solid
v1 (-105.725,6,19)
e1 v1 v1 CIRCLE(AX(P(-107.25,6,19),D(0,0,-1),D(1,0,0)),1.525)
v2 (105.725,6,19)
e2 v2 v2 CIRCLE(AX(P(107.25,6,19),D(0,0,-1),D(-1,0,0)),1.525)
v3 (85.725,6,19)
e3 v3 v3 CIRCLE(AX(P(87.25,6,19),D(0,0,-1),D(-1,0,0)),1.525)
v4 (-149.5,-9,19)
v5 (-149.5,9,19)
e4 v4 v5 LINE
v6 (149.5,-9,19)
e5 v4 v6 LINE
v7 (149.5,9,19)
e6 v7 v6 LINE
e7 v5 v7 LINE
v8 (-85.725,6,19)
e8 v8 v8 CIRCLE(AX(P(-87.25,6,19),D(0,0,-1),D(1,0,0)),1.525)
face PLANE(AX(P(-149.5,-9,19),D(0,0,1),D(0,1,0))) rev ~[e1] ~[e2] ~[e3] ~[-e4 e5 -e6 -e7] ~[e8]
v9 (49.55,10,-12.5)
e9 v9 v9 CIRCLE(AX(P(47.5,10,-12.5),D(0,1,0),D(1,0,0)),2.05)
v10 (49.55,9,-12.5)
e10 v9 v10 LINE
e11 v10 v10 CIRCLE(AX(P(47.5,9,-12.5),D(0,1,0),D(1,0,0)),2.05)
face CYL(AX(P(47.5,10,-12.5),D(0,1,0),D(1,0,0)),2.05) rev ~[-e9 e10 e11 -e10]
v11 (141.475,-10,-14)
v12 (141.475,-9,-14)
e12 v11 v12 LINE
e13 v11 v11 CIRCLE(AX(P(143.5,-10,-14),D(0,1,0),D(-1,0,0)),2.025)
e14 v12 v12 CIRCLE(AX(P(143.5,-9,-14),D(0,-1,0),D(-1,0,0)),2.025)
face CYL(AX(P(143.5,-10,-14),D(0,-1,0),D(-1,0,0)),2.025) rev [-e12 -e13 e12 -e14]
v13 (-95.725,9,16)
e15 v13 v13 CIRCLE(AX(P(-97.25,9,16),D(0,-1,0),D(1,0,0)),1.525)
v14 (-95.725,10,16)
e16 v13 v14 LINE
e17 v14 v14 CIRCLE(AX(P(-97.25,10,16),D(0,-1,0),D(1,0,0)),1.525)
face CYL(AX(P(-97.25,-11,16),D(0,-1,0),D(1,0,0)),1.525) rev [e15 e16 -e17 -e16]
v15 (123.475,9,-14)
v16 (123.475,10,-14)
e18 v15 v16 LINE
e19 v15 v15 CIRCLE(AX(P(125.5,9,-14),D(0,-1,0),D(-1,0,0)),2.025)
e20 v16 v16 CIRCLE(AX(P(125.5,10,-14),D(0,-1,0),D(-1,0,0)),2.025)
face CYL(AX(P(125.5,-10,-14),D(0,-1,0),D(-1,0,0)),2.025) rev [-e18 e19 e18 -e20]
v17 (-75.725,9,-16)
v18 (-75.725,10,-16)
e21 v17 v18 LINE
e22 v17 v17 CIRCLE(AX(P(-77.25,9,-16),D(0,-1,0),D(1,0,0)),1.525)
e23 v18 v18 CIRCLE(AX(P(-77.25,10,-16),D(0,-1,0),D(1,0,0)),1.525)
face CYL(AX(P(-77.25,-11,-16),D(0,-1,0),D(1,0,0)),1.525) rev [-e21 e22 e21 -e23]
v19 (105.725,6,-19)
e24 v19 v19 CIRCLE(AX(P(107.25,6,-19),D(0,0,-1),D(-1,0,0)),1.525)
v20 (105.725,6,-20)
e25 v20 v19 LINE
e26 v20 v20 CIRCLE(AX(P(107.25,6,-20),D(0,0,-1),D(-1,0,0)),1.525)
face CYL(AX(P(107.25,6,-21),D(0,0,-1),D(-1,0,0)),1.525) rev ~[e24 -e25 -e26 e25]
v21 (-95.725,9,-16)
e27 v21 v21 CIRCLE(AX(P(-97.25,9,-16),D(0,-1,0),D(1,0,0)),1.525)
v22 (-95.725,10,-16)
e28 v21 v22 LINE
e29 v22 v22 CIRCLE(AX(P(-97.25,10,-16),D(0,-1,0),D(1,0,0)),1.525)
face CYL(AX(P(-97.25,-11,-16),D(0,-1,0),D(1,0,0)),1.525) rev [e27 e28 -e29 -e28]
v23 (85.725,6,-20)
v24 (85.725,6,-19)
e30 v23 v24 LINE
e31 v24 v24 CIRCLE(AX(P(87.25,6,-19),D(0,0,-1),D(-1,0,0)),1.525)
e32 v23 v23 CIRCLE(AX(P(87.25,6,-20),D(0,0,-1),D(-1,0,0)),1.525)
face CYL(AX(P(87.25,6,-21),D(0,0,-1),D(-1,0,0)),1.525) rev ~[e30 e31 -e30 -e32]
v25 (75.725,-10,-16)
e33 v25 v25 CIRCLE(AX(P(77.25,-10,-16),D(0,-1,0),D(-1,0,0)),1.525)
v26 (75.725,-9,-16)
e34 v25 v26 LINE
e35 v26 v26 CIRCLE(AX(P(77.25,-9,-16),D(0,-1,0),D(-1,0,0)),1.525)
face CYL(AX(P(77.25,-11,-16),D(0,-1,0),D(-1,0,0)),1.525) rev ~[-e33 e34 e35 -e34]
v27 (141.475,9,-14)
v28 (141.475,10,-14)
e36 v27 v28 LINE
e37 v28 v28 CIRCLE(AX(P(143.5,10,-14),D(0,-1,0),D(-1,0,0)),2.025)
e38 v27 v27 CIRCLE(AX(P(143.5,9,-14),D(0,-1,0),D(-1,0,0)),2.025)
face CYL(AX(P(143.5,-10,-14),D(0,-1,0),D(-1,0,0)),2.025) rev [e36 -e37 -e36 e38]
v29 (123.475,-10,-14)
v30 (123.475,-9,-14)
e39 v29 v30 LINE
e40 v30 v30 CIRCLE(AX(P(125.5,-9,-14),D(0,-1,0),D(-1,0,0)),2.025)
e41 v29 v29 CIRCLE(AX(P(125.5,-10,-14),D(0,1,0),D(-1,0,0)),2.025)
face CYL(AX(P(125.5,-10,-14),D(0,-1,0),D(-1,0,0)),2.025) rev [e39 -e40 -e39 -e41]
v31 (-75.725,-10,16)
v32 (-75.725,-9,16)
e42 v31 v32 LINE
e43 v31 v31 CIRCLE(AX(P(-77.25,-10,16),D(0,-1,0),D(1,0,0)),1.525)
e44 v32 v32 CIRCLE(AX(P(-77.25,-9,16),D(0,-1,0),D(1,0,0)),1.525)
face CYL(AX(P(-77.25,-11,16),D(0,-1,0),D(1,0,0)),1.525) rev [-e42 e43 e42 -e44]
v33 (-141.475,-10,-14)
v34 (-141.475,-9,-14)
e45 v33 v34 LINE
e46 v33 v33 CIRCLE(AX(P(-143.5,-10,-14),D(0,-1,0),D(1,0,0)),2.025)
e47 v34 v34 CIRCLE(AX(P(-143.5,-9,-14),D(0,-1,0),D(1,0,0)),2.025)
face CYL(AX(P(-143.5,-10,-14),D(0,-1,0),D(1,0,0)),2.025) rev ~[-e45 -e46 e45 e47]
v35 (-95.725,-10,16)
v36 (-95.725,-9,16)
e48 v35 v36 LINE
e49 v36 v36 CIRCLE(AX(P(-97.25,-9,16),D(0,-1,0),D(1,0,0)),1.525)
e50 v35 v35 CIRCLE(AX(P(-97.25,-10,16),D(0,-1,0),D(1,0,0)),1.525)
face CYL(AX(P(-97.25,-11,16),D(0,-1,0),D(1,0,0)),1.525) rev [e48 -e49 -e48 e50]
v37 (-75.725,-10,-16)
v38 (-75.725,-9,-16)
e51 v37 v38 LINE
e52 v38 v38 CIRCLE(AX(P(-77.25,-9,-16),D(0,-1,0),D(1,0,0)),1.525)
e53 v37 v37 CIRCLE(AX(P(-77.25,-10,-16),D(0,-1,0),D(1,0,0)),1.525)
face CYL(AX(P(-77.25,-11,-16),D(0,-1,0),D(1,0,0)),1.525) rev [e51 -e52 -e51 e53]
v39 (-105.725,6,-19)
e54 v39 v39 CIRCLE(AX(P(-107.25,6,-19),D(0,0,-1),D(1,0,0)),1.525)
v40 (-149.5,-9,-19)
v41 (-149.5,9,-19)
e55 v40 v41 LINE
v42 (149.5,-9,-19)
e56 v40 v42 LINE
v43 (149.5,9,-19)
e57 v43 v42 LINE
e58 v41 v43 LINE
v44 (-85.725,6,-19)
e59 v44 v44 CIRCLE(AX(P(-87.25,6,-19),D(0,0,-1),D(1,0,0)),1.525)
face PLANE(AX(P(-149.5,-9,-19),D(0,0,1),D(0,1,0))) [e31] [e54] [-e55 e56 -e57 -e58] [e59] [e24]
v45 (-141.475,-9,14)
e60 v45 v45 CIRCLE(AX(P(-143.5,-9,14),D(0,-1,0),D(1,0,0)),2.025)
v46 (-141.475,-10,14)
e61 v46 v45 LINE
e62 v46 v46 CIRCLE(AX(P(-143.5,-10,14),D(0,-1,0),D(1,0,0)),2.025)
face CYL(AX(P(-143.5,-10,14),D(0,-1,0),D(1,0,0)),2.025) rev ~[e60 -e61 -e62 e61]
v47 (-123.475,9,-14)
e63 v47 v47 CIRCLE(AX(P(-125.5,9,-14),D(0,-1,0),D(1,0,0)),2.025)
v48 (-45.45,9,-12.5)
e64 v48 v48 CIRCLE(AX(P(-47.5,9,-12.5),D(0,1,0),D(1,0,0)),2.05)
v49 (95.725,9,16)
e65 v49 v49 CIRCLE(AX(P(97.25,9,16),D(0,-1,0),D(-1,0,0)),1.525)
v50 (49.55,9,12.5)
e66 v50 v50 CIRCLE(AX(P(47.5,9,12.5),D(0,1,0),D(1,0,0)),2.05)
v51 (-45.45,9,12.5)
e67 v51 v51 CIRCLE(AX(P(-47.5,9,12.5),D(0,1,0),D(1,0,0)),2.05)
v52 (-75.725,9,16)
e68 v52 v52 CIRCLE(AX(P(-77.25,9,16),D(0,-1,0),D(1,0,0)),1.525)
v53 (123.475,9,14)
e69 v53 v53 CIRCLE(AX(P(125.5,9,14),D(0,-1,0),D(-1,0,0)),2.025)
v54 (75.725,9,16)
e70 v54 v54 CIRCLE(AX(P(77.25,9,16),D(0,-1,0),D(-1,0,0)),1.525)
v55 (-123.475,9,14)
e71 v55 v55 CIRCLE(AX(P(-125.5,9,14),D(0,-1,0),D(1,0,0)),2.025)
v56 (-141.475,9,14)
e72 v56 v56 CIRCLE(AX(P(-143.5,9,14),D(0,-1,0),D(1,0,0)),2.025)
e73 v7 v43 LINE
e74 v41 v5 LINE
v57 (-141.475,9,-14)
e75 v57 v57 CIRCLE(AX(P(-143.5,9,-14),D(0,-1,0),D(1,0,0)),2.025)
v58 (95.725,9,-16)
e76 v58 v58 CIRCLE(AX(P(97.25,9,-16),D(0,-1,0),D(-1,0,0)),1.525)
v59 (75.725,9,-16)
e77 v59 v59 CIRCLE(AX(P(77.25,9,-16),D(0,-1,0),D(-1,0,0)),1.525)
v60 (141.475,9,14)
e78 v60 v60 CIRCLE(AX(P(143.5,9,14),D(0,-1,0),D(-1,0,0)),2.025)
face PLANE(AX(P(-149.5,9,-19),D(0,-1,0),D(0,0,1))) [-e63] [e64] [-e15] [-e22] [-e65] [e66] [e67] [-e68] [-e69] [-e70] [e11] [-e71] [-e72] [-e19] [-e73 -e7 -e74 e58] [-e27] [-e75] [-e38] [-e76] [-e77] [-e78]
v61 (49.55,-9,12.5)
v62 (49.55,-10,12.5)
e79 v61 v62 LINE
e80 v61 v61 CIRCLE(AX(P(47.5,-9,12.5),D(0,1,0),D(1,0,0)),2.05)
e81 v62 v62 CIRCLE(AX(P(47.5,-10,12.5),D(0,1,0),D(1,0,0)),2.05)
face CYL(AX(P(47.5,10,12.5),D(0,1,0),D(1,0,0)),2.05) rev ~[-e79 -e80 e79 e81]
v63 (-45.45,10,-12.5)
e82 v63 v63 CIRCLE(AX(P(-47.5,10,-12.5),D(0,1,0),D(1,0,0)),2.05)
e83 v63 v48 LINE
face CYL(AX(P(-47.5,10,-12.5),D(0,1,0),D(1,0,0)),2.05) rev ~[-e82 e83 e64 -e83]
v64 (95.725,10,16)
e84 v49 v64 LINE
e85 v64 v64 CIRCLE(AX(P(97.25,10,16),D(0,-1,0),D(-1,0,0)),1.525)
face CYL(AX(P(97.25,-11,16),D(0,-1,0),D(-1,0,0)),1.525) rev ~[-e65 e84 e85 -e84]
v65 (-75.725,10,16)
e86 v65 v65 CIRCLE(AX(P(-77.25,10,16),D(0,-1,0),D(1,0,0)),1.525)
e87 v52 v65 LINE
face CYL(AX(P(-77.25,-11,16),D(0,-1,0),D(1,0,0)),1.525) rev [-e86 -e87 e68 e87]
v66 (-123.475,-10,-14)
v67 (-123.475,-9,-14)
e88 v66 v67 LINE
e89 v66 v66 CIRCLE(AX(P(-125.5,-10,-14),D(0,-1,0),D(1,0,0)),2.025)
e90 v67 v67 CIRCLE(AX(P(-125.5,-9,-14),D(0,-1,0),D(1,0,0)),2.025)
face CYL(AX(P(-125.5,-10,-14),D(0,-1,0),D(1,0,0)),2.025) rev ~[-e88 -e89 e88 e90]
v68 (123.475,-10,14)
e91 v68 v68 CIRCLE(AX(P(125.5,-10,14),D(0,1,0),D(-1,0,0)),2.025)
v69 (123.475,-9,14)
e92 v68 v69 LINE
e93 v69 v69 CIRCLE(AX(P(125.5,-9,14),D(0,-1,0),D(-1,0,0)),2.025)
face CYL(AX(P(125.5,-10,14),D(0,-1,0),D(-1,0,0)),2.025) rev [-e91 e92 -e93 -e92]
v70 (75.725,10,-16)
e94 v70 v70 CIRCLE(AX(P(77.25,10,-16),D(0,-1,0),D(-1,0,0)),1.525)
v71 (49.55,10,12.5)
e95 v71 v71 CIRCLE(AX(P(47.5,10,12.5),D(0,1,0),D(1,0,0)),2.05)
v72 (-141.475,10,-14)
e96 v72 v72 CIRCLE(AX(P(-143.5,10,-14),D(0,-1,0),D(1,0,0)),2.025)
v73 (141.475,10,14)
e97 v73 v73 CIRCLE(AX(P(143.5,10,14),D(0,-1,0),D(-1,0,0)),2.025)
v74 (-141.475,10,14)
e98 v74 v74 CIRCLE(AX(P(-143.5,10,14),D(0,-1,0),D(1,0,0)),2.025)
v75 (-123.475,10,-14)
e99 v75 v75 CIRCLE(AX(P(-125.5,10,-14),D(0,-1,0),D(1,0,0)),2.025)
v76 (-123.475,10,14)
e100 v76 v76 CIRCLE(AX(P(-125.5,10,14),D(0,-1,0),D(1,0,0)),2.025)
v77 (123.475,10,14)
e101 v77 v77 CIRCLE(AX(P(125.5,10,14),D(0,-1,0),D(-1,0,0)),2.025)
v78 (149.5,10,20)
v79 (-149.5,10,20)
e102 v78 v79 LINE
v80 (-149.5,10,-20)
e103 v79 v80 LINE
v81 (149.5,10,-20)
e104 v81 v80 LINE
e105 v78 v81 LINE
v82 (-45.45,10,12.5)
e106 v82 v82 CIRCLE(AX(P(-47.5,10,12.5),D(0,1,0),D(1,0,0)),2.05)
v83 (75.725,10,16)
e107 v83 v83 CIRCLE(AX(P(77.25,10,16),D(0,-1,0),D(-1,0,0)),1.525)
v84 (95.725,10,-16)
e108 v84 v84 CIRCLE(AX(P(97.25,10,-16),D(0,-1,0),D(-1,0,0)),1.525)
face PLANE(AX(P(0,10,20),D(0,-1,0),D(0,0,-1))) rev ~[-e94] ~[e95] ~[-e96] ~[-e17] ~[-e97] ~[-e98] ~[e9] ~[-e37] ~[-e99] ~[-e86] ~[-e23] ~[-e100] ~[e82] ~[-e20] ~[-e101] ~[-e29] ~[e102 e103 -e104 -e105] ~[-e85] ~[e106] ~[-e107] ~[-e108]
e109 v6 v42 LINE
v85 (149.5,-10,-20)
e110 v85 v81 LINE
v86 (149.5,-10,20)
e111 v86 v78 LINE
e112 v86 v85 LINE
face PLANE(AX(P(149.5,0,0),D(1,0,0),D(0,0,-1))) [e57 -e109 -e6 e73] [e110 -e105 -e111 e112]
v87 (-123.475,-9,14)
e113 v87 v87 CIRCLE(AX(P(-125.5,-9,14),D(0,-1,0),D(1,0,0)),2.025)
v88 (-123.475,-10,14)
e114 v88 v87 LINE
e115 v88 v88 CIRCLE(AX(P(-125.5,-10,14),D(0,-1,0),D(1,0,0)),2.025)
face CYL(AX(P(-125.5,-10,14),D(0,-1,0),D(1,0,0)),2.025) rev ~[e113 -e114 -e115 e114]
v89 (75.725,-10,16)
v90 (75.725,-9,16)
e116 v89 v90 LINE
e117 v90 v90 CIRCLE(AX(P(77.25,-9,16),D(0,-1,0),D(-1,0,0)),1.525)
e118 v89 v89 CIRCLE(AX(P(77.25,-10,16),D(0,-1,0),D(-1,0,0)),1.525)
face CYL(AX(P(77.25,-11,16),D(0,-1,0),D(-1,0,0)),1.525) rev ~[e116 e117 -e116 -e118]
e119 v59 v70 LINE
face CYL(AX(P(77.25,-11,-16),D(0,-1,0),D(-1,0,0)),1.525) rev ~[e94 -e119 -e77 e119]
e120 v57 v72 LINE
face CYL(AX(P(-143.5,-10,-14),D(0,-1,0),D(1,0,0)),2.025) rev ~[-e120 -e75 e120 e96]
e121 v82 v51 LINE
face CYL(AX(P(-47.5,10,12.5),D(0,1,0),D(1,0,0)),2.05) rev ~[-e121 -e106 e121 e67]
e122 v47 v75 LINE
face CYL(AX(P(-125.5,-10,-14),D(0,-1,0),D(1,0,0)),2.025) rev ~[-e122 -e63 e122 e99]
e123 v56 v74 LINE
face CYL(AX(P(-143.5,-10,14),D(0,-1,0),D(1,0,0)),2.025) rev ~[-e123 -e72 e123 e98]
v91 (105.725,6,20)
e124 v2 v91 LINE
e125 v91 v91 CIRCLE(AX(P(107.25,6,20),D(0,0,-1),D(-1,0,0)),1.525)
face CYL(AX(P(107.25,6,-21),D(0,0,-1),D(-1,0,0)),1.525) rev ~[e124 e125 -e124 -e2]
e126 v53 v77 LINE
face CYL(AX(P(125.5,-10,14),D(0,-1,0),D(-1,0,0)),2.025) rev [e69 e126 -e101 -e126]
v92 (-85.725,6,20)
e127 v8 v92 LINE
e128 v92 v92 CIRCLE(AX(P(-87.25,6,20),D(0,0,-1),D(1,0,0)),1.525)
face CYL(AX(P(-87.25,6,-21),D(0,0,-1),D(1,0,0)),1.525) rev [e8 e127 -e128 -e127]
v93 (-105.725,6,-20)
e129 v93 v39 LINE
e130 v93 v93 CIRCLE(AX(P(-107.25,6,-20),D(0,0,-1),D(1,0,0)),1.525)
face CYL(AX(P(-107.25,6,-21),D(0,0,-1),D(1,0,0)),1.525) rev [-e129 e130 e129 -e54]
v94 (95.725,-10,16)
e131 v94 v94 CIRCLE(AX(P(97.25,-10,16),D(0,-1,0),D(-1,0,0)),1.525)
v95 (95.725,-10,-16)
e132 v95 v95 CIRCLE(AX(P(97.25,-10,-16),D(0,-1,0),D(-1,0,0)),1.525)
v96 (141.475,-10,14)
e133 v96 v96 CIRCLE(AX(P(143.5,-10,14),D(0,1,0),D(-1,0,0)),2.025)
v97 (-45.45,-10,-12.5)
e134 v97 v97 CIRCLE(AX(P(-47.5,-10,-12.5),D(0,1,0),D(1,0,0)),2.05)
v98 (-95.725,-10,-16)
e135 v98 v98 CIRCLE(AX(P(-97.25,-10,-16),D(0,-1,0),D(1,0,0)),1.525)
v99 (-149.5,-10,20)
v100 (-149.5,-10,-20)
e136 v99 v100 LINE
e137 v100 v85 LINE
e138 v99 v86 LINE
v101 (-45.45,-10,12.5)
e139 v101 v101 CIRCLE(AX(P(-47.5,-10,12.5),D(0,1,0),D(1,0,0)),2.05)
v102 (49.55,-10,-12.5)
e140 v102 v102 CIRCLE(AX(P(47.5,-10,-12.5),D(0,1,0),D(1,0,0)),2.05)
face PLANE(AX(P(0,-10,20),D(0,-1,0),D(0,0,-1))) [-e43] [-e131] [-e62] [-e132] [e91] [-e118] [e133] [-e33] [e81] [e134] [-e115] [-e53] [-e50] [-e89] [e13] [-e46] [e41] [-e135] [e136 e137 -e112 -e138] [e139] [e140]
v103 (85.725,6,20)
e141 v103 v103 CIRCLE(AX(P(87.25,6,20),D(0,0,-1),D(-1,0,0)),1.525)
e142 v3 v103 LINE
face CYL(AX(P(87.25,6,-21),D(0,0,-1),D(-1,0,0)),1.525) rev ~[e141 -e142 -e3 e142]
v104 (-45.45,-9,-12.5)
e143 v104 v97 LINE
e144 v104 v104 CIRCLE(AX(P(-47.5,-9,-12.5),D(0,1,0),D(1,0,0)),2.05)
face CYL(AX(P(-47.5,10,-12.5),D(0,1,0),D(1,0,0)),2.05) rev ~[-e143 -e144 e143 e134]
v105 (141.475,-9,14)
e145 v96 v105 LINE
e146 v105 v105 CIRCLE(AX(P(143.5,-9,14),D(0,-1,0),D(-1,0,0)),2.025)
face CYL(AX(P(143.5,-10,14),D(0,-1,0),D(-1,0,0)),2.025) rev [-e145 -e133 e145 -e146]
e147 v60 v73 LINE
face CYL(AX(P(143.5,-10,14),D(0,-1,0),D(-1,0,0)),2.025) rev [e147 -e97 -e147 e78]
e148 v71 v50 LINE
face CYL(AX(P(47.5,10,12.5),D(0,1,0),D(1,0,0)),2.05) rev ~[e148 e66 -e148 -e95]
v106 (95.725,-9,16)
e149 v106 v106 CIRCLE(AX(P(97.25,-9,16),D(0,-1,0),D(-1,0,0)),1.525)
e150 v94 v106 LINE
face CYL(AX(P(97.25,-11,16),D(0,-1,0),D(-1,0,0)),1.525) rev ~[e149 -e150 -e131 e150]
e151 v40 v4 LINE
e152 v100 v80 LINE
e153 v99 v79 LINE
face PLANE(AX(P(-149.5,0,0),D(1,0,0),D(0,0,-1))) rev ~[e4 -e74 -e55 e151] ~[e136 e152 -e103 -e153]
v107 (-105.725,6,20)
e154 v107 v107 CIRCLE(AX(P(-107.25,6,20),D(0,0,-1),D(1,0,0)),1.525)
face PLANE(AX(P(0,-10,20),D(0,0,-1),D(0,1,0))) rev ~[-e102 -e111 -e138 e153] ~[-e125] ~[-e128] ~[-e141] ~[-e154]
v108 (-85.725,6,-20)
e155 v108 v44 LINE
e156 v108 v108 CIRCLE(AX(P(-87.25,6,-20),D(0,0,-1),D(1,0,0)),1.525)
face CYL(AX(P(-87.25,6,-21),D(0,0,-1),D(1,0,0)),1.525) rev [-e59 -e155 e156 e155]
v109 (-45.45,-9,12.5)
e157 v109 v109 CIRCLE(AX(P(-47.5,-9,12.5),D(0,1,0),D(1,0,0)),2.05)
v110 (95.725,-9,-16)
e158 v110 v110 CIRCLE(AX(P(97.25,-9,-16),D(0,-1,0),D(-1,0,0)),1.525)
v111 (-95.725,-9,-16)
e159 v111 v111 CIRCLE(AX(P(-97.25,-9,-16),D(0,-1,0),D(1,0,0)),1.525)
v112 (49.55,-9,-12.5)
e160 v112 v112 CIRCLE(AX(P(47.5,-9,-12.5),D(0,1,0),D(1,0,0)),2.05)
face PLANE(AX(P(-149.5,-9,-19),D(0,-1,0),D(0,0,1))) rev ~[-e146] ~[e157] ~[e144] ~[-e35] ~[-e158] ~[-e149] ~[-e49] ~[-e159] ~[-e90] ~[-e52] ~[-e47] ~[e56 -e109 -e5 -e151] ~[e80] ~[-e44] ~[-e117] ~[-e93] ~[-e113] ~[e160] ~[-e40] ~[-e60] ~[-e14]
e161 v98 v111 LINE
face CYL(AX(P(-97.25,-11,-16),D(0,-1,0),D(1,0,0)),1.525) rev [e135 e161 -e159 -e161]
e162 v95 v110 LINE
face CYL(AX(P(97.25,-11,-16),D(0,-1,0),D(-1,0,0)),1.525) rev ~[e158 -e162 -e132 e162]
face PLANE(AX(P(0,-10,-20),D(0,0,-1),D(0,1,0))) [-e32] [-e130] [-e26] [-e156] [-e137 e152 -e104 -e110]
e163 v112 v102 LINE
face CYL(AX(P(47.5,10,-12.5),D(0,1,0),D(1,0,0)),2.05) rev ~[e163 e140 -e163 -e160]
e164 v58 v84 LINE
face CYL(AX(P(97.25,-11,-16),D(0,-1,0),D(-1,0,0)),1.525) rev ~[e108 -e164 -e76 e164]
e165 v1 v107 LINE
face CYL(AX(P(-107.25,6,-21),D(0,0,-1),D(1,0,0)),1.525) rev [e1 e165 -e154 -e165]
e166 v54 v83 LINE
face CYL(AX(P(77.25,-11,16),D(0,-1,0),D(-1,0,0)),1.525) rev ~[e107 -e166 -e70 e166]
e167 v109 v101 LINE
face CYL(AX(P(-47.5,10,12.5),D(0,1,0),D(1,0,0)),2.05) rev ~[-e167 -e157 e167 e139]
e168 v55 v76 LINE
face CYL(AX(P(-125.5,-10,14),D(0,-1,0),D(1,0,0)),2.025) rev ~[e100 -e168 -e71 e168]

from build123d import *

# Parameters (mm, degrees)
SKETCH_1_W          = 40
SKETCH_1_H          = 20
EXTRUDE_1_DEPTH     = 149.5
SKETCH_2_W          = 38
SKETCH_2_H          = 18
CUT_EXTRUDE_1_DEPTH = 2999
SKETCH_4_R          = 2.05
CUT_EXTRUDE_2_DEPTH = 2999
SKETCH_5_R          = 2.025
CUT_EXTRUDE_3_DEPTH = 2999
CUT_EXTRUDE_START   = -21
SKETCH_6_R          = 1.525
CUT_EXTRUDE_4_DEPTH = 22
CUT_EXTRUDE_START_2 = -41
SKETCH_8_R          = 1.525
CUT_EXTRUDE_5_DEPTH = 42


with BuildPart() as part:
    # 草图1 → 凸台-拉伸1 (new body, symmetric)
    with BuildSketch(Plane(origin=(0, 0, 0), x_dir=(0, 0, -1), z_dir=(1, 0, 0))):
        Rectangle(SKETCH_1_W, SKETCH_1_H)
    extrude(amount=EXTRUDE_1_DEPTH, both=True)

    # 草图2 → 切除-拉伸1 (cut)
    with BuildSketch(Plane.ZY.offset(149.5)):
        Rectangle(SKETCH_2_W, SKETCH_2_H)
    extrude(amount=-CUT_EXTRUDE_1_DEPTH, mode=Mode.SUBTRACT)

    # 草图4 → 切除-拉伸2 (cut)
    with BuildSketch(Plane(origin=(0, 10, 0), x_dir=(1, 0, 0), z_dir=(0, 1, 0))):
        with Locations((-47.5, 12.5)):
            Circle(SKETCH_4_R)
        with Locations((-47.5, -12.5)):
            Circle(SKETCH_4_R)
        with Locations((47.5, 12.5)):
            Circle(SKETCH_4_R)
        with Locations((47.5, -12.5)):
            Circle(SKETCH_4_R)
    extrude(amount=-CUT_EXTRUDE_2_DEPTH, mode=Mode.SUBTRACT)

    # 草图5 → 切除-拉伸3 (cut)
    with BuildSketch(Plane.XZ.offset(10)):
        with Locations((-125.5, 14)):
            Circle(SKETCH_5_R)
        with Locations((-125.5, -14)):
            Circle(SKETCH_5_R)
        with Locations((-143.5, -14)):
            Circle(SKETCH_5_R)
        with Locations((-143.5, 14)):
            Circle(SKETCH_5_R)
    cut_extrude_3 = extrude(amount=-CUT_EXTRUDE_3_DEPTH, mode=Mode.SUBTRACT)

    # 镜向1: 切除-拉伸3 across plane
    add(cut_extrude_3.mirror(Plane(origin=(0, 0, 0), x_dir=(0, 0, 1), z_dir=(1, 0, 0))), mode=Mode.SUBTRACT)

    # 草图6 → 切除-拉伸4 (cut)
    with BuildSketch(Plane(origin=(0, 10, 0), x_dir=(1, 0, 0), z_dir=(0, 1, 0)).offset(CUT_EXTRUDE_START)):
        with Locations((-97.25, 16)):
            Circle(SKETCH_6_R)
        with Locations((-97.25, -16)):
            Circle(SKETCH_6_R)
        with Locations((-77.25, -16)):
            Circle(SKETCH_6_R)
        with Locations((-77.25, 16)):
            Circle(SKETCH_6_R)
    cut_extrude_4 = extrude(amount=CUT_EXTRUDE_4_DEPTH, mode=Mode.SUBTRACT)

    # 草图8 → 切除-拉伸5 (cut)
    with BuildSketch(Plane.XY.offset(20).offset(CUT_EXTRUDE_START_2)):
        with Locations((-107.25, 6)):
            Circle(SKETCH_8_R)
        with Locations((-87.25, 6)):
            Circle(SKETCH_8_R)
    cut_extrude_5 = extrude(amount=CUT_EXTRUDE_5_DEPTH, mode=Mode.SUBTRACT)

    # 镜向2: 切除-拉伸4, 切除-拉伸5 across plane
    add(cut_extrude_4.mirror(Plane(origin=(0, 0, 0), x_dir=(0, 0, 1), z_dir=(1, 0, 0))), mode=Mode.SUBTRACT)
    add(cut_extrude_5.mirror(Plane(origin=(0, 0, 0), x_dir=(0, 0, 1), z_dir=(1, 0, 0))), mode=Mode.SUBTRACT)


solid = part.part
